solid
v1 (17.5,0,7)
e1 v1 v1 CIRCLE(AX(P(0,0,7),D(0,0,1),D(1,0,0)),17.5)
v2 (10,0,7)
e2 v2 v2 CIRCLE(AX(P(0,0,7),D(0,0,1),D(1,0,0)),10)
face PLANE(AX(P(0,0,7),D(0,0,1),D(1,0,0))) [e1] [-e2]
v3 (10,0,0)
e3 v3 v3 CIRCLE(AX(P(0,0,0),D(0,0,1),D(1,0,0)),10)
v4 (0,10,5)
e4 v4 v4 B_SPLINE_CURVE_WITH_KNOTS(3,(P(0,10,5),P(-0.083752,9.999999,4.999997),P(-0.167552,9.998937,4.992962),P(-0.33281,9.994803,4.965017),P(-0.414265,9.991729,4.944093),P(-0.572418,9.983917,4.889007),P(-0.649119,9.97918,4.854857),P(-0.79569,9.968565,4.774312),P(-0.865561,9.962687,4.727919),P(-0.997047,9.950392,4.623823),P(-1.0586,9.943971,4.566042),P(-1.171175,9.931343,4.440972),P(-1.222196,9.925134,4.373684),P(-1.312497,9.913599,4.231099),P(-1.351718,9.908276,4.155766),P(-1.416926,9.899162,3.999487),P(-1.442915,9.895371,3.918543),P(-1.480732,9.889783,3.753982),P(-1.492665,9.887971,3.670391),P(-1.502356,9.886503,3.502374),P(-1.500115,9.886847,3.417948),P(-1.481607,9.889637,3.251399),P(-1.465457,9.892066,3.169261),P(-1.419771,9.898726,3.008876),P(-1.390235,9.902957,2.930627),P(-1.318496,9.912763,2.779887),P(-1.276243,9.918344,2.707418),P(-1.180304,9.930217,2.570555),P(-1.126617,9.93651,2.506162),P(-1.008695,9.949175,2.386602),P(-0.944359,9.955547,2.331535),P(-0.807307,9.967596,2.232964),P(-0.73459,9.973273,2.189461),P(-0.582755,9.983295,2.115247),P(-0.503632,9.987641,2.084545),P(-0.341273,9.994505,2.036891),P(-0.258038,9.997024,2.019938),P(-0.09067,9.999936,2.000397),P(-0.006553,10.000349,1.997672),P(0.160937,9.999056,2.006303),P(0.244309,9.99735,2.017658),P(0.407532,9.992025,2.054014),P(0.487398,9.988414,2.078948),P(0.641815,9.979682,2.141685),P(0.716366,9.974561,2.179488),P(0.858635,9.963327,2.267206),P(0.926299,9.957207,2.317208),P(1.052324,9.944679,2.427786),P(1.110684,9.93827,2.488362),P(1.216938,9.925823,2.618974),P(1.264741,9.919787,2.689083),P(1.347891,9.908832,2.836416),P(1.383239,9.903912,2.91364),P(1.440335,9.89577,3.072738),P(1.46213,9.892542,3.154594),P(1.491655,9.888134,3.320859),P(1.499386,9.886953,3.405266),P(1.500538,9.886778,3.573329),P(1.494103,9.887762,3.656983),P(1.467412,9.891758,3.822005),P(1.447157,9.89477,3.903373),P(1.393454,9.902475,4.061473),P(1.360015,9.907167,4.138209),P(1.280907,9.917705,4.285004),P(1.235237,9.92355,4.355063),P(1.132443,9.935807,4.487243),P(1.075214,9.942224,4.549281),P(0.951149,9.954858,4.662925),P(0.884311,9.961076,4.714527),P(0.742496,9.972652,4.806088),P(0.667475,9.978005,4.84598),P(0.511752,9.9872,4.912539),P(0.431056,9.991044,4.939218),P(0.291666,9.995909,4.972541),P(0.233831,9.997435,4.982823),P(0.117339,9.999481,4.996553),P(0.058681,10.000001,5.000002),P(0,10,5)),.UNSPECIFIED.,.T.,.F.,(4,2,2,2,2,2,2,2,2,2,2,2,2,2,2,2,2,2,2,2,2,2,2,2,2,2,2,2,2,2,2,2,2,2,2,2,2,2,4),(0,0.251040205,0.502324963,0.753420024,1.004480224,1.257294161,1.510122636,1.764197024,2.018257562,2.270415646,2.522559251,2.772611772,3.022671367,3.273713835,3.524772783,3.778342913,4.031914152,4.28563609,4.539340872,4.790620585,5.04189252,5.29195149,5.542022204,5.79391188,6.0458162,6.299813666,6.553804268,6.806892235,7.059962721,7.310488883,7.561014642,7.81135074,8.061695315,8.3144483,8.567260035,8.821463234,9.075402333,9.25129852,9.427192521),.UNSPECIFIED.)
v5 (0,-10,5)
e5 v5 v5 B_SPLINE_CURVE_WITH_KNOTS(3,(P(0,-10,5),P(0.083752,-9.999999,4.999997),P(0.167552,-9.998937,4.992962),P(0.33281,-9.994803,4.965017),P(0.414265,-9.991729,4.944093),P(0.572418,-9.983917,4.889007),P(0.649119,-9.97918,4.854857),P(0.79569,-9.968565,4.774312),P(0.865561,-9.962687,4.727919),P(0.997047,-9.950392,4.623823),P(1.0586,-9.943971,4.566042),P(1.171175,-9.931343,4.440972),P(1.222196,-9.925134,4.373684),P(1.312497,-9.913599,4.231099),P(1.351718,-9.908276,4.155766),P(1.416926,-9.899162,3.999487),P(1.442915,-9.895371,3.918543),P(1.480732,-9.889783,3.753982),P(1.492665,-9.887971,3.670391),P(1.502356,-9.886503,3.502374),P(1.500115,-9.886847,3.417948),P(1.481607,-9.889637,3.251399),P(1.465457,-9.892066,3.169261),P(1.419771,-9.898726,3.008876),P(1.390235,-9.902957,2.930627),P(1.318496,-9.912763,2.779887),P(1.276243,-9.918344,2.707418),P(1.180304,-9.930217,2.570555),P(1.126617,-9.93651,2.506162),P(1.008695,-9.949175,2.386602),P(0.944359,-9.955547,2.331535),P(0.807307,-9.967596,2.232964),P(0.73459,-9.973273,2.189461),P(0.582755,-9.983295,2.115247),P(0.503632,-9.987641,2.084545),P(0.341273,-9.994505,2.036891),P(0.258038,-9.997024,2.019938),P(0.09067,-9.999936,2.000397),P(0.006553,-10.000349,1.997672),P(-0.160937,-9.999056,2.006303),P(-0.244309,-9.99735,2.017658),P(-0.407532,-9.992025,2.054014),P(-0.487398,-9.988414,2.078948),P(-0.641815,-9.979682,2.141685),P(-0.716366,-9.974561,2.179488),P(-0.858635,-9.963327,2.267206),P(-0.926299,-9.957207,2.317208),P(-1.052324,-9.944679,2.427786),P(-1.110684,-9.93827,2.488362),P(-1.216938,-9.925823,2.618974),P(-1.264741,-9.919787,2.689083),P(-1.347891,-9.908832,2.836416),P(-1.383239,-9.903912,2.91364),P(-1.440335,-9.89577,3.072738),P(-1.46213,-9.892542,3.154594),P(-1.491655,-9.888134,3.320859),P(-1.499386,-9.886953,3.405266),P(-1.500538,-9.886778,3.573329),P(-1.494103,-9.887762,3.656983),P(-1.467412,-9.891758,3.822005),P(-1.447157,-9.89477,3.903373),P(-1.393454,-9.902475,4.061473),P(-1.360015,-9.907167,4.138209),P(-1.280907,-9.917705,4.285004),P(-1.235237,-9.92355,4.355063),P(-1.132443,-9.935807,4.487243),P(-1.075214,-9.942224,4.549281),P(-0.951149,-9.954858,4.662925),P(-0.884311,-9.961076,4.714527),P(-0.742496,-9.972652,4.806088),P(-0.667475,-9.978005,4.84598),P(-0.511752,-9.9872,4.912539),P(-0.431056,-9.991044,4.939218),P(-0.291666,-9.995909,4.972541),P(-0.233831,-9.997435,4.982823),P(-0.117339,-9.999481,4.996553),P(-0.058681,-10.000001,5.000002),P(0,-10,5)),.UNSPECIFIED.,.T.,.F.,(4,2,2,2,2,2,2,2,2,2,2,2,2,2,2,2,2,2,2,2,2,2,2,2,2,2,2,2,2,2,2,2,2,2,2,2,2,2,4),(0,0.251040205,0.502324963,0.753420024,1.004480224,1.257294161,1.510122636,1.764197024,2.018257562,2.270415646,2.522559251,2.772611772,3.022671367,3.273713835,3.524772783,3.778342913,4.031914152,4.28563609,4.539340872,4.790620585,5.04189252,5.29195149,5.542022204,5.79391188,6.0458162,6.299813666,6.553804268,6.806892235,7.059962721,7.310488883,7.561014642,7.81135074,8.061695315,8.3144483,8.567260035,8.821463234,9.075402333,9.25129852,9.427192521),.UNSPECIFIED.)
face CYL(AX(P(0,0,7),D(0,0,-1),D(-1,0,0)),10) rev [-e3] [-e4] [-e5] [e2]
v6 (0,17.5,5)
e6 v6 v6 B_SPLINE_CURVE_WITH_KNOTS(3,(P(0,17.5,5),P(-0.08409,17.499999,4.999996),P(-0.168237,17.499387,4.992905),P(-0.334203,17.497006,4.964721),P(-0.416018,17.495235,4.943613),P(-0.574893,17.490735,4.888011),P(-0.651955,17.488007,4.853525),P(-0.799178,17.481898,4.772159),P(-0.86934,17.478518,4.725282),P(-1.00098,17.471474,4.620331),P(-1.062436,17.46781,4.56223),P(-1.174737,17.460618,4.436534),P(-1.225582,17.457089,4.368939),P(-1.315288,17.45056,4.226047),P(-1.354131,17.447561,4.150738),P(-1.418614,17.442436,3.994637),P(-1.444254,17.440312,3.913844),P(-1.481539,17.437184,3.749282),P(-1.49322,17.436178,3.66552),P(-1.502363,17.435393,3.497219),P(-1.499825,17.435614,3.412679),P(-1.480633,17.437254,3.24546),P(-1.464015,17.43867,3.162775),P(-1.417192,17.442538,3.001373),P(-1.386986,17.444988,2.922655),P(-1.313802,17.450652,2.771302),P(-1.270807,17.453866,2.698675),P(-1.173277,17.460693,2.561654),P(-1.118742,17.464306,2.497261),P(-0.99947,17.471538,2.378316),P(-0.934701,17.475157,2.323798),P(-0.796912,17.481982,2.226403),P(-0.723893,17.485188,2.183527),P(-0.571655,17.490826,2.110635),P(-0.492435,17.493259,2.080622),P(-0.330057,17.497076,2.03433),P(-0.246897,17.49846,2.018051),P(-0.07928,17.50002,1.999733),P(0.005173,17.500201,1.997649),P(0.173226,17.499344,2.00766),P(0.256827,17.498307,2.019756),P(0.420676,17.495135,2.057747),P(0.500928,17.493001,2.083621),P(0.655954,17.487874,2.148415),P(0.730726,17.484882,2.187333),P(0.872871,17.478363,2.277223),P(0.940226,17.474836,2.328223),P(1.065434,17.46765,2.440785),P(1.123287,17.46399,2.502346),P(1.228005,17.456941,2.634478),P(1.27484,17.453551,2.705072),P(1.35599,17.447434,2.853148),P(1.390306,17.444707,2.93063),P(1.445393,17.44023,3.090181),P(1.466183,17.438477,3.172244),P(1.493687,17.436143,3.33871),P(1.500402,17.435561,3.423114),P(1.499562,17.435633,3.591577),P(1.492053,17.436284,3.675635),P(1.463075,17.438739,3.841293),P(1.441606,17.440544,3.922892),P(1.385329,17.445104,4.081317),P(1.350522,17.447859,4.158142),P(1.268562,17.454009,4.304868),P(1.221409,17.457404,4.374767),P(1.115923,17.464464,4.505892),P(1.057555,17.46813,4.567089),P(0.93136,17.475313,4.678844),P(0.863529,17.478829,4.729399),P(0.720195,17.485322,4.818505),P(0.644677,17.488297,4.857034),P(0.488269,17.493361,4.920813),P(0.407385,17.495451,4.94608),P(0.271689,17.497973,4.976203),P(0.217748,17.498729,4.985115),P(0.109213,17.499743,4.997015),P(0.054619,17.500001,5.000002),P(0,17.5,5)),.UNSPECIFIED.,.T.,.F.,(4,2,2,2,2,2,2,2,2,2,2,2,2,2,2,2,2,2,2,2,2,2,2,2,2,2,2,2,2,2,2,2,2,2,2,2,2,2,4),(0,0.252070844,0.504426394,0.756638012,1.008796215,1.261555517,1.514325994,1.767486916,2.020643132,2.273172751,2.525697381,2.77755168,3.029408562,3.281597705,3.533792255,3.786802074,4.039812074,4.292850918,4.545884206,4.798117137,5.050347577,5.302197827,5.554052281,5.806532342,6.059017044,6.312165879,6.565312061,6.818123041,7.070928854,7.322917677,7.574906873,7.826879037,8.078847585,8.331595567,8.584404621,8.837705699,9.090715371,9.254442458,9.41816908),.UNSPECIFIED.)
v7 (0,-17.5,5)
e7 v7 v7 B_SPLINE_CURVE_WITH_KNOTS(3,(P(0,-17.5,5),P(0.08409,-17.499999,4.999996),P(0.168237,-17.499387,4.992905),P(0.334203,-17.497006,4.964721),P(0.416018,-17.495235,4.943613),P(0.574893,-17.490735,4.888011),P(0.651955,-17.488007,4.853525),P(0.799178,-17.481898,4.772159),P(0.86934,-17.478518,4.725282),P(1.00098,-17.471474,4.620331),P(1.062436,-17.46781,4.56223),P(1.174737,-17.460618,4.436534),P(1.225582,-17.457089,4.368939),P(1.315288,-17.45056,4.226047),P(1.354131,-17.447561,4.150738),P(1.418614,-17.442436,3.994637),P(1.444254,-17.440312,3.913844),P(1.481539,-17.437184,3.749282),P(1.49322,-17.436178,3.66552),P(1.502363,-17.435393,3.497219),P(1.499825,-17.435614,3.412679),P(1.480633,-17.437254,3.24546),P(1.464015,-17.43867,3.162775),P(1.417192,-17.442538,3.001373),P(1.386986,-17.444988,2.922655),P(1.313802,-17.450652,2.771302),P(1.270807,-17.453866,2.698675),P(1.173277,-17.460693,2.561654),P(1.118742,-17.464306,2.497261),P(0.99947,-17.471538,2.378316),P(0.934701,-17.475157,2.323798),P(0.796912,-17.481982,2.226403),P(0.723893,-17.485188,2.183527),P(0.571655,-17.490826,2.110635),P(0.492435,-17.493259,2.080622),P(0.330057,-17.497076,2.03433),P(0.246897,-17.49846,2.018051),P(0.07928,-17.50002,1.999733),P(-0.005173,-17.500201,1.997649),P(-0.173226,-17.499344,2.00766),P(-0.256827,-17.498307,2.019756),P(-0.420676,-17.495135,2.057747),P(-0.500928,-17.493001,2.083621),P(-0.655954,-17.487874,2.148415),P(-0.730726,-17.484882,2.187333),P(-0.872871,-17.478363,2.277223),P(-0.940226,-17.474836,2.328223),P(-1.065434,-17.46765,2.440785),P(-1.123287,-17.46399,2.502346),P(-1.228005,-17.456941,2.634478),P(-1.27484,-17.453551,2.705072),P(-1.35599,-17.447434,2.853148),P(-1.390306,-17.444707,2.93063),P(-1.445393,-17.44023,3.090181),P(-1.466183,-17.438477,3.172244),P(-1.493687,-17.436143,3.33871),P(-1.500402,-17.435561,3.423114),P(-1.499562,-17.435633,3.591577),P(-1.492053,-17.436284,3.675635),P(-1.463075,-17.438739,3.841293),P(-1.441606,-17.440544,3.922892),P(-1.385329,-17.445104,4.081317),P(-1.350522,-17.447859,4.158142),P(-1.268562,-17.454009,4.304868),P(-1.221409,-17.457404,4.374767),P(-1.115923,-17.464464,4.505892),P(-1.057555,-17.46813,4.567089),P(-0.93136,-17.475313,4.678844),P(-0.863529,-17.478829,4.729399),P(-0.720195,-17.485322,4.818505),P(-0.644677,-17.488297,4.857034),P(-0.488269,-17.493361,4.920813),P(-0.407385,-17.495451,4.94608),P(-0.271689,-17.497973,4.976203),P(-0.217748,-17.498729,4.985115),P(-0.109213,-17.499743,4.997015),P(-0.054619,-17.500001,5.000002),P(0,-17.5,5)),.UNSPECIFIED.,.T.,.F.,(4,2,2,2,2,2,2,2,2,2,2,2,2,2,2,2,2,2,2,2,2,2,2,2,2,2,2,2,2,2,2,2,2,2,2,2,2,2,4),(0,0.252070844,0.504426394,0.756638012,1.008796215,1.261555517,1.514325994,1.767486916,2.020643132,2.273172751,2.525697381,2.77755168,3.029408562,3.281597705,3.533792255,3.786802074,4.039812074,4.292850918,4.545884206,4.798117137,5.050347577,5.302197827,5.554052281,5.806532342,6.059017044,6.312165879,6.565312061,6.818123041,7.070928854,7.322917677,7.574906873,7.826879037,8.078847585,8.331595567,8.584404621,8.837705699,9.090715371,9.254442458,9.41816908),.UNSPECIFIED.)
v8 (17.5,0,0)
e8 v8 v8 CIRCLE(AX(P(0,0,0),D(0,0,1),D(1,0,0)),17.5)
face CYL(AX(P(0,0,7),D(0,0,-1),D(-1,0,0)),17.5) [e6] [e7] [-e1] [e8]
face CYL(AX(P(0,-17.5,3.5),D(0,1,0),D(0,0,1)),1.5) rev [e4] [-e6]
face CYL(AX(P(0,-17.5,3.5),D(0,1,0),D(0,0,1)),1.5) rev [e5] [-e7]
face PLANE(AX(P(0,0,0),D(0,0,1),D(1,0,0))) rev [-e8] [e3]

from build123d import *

# Parameters (mm, degrees)
SKETCH2_R               = 17.5
SKETCH2_R_2             = 10
BOSS_EXTRUDE1_DEPTH     = 7
SKETCH3_R               = 1.5
CUT_EXTRUDE1_DEPTH      = 18.5
CUT_EXTRUDE1_DEPTH_BACK = 18.5


with BuildPart() as part:
    # Sketch2 → Boss-Extrude1 (new body)
    with BuildSketch(Plane.XY):
        Circle(SKETCH2_R)
        Circle(SKETCH2_R_2, mode=Mode.SUBTRACT)
    extrude(amount=BOSS_EXTRUDE1_DEPTH)

    # Sketch3 → Cut-Extrude1 (cut, two sides)
    with BuildSketch(Plane(origin=(0, 0, 0), x_dir=(1, 0, 0), z_dir=(0, 1, 0))) as cut_extrude1_sk:
        with Locations((0, -3.5)):
            Circle(SKETCH3_R)
    extrude(amount=CUT_EXTRUDE1_DEPTH, mode=Mode.SUBTRACT)
    extrude(cut_extrude1_sk.sketch, amount=-CUT_EXTRUDE1_DEPTH_BACK, mode=Mode.SUBTRACT)


solid = part.part
